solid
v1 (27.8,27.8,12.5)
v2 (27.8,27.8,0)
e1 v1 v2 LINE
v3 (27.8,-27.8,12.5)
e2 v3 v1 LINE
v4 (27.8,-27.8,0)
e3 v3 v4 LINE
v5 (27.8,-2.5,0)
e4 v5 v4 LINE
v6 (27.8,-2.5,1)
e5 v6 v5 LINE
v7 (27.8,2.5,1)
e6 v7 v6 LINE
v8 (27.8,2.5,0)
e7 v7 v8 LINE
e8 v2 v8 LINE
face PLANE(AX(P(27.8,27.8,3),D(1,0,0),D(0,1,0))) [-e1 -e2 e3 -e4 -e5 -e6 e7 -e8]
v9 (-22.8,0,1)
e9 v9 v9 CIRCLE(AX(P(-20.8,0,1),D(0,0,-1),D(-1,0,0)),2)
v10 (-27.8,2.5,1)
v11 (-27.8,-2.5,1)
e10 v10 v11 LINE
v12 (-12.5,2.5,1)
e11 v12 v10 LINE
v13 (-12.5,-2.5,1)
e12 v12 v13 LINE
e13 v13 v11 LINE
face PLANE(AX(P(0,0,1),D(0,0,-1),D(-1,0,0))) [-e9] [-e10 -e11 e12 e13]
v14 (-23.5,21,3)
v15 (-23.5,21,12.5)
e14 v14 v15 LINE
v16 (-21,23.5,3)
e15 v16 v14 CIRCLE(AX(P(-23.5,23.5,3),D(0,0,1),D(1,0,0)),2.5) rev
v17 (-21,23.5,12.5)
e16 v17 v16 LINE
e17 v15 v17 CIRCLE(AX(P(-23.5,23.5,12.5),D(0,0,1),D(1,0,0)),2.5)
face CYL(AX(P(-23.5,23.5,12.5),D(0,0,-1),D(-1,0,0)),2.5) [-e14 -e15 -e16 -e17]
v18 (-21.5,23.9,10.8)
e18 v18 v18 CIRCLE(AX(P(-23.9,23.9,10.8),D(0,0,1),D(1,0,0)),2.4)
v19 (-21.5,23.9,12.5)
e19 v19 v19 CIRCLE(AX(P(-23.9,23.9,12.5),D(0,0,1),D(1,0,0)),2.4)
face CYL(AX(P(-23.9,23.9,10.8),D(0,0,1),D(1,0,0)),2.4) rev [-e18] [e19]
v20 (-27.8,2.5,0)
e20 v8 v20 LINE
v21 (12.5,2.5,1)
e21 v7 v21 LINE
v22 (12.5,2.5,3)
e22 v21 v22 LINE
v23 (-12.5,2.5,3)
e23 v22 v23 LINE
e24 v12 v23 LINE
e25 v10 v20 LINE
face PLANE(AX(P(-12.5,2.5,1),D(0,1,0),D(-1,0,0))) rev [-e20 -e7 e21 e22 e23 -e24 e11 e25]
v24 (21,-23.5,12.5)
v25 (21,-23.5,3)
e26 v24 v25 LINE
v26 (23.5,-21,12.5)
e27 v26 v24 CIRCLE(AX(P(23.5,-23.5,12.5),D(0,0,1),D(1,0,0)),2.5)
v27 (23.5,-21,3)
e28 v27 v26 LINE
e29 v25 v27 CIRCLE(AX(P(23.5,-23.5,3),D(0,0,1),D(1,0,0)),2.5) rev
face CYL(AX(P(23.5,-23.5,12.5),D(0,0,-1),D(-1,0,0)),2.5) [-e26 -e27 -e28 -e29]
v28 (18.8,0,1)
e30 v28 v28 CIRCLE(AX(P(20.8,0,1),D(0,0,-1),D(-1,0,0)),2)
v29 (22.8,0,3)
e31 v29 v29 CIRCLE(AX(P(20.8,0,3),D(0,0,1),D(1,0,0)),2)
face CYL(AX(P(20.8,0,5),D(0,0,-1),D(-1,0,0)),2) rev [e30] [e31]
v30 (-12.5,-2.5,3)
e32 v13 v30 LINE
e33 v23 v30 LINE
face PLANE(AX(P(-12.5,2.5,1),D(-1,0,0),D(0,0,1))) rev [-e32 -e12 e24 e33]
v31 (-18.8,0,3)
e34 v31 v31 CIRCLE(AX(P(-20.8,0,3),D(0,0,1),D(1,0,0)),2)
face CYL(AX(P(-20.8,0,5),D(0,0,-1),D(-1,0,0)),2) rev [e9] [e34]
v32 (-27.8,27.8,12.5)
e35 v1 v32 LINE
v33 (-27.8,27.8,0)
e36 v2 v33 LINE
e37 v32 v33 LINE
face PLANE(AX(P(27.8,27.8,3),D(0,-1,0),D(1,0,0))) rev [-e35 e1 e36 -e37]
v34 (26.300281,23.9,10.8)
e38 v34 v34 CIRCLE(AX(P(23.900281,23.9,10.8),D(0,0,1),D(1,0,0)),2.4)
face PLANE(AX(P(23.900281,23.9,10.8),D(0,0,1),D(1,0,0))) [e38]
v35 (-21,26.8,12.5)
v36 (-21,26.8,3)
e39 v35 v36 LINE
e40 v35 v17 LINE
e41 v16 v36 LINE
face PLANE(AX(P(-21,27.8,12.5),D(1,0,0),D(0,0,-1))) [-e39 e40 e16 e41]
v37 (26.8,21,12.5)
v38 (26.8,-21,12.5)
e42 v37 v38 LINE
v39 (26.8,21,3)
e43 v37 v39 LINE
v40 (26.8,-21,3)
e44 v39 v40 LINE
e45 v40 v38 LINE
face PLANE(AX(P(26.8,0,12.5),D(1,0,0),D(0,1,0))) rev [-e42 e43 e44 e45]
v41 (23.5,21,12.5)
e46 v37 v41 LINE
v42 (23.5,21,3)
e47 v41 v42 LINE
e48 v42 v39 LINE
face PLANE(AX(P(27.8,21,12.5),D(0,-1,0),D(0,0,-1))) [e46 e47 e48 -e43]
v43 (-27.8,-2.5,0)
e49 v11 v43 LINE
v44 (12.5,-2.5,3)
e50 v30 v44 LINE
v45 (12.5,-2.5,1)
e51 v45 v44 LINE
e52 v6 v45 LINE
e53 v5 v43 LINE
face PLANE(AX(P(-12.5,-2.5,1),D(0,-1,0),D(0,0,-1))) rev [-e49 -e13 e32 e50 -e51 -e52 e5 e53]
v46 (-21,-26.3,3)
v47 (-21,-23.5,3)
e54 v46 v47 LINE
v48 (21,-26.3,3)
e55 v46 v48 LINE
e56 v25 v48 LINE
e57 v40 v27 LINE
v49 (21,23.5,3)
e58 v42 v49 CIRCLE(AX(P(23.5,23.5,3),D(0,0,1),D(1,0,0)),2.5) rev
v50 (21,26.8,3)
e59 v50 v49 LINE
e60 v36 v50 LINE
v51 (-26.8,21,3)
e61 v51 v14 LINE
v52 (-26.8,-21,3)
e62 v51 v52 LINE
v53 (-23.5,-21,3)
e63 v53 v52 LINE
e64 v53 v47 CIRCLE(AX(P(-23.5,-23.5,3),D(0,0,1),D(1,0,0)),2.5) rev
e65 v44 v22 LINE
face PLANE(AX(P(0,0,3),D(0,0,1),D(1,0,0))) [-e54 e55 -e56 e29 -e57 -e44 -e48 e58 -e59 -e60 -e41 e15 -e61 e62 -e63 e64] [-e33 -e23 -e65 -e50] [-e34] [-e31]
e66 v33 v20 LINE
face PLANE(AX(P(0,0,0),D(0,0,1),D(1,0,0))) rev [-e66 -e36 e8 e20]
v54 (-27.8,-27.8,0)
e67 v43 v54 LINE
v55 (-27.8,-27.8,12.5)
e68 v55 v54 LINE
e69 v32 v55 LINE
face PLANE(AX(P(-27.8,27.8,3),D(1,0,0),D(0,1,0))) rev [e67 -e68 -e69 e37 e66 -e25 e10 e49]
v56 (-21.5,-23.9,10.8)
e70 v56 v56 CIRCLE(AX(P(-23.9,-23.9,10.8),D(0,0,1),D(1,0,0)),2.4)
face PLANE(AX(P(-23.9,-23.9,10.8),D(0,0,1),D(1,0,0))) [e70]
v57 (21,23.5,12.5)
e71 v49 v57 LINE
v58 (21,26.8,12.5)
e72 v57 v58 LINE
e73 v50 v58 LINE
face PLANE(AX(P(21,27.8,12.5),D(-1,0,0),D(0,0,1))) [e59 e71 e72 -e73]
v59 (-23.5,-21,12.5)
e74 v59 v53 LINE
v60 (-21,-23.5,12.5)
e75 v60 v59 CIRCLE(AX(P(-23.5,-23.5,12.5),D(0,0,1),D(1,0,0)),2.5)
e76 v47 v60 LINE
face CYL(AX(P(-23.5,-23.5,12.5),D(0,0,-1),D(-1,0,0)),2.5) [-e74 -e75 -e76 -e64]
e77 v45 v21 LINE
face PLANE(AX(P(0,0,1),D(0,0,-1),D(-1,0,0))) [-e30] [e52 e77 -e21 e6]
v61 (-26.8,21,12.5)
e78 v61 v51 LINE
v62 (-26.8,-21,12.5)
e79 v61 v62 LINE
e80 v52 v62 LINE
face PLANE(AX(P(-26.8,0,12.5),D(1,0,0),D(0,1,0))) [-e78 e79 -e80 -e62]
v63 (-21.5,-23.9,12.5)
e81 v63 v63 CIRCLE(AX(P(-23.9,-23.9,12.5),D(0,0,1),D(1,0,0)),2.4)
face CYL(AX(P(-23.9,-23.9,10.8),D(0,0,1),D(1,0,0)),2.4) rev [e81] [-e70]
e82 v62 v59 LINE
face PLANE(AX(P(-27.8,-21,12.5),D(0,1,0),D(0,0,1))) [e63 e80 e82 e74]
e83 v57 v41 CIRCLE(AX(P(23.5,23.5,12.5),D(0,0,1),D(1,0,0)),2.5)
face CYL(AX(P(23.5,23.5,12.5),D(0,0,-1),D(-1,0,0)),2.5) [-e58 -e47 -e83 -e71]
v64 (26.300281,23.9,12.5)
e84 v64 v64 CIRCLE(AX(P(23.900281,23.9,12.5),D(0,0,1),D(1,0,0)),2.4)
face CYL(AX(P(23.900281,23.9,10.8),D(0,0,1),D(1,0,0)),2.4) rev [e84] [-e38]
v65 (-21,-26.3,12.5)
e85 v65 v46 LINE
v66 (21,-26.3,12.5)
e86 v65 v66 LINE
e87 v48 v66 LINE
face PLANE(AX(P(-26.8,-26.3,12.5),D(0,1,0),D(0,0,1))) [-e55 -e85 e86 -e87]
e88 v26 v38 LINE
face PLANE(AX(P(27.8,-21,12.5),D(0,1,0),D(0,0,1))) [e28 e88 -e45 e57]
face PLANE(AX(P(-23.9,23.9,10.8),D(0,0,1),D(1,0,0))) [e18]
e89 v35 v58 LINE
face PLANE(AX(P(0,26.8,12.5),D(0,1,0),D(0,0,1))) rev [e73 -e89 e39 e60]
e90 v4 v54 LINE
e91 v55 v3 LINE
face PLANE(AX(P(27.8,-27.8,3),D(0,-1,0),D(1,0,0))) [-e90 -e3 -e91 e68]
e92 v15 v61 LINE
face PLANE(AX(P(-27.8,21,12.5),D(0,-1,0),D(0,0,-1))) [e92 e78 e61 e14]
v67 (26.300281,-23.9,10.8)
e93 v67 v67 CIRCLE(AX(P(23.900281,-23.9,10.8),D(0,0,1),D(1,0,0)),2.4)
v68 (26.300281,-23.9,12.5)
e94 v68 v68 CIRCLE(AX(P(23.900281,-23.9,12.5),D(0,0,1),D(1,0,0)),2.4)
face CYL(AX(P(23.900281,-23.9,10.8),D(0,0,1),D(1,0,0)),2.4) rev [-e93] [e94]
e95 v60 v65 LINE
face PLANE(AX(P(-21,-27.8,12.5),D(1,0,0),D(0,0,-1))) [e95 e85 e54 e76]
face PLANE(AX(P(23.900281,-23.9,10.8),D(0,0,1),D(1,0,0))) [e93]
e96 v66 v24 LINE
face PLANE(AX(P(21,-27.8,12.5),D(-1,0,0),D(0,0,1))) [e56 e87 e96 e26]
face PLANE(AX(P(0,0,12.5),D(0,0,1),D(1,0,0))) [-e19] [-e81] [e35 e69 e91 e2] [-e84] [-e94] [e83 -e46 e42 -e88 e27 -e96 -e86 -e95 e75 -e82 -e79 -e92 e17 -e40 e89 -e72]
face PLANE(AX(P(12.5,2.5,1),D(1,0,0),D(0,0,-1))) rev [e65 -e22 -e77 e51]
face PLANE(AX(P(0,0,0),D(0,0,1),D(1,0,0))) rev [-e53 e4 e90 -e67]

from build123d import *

# Parameters (mm, degrees)
SKICA1_W                 = 55.6
SKICA1_H                 = 55.6
P_IDAT_VYSUNUT_M2_DEPTH  = 3
SKICA4_W                 = 25
SKICA4_H                 = 5
ODEBRAT_VYSUNUT_M1_DEPTH = 2
SKICA5_W                 = 55.6
SKICA5_H                 = 5
ODEBRAT_VYSUNUT_M3_DEPTH = 1
SKICA14_W                = 53.6
SKICA14_H                = 1.5
P_IDAT_VYSUNUT_M9_DEPTH  = 9.5
SKICA17_R                = 2
ODEBRAT_VYSUNUT_M8_DEPTH = 4
SKICA19_W                = 6.8
SKICA19_H                = 6.8
P_IDAT_VYSUNUT_M10_DEPTH = 12.5
SKICA20_R                = 2.4
ODEBRAT_VYSUNUT_M9_DEPTH = 1.7
ZAOBLIT1_R               = 2.5


with BuildPart() as part:
    # Skica1 → Přidat vysunutím2 (new body)
    with BuildSketch(Plane.XY):
        Rectangle(SKICA1_W, SKICA1_H)
    extrude(amount=P_IDAT_VYSUNUT_M2_DEPTH)

    # Skica4 → Odebrat vysunutím1 (cut)
    with BuildSketch(Plane.XY.offset(3)):
        Rectangle(SKICA4_W, SKICA4_H)
    extrude(amount=-ODEBRAT_VYSUNUT_M1_DEPTH, mode=Mode.SUBTRACT)

    # Skica5 → Odebrat vysunutím3 (cut)
    with BuildSketch(Plane(origin=(0, 0, 0), x_dir=(-1, 0, 0), z_dir=(0, 0, -1))):
        Rectangle(SKICA5_W, SKICA5_H)
    extrude(amount=-ODEBRAT_VYSUNUT_M3_DEPTH, mode=Mode.SUBTRACT)

    # Skica14 → Přidat vysunutím9 (add)
    with BuildSketch(Plane.XY.offset(3)):
        Polygon((27.8, 27.8), (-27.8, 27.8), (-27.8, -27.8), (-26.8, -27.8), (-26.8, -26.8), (-26.8, -26.3), (-26.8, 26.8), (26.8, 26.8), (26.8, -26.3), (26.8, -27.8), (27.8, -27.8), align=None)
        with Locations((0, -27.05)):
            Rectangle(SKICA14_W, SKICA14_H)
    extrude(amount=P_IDAT_VYSUNUT_M9_DEPTH)

    # Skica17 → Odebrat vysunutím8 (cut)
    with BuildSketch(Plane(origin=(0, 0, 1), x_dir=(-1, 0, 0), z_dir=(0, 0, -1))):
        with Locations((-20.8, 0)):
            Circle(SKICA17_R)
        with Locations((20.8, 0)):
            Circle(SKICA17_R)
    extrude(amount=-ODEBRAT_VYSUNUT_M8_DEPTH, mode=Mode.SUBTRACT)

    # Skica19 → Přidat vysunutím10 (add)
    with BuildSketch(Plane(origin=(0, 0, 0), x_dir=(-1, 0, 0), z_dir=(0, 0, -1))):
        with Locations((-24.4, 24.4)):
            Rectangle(SKICA19_W, SKICA19_H)
        with Locations((24.4, 24.4)):
            Rectangle(SKICA19_W, SKICA19_H)
        with Locations((-24.4, -24.4)):
            Rectangle(SKICA19_W, SKICA19_H)
        with Locations((24.4, -24.4)):
            Rectangle(SKICA19_W, SKICA19_H)
    extrude(amount=-P_IDAT_VYSUNUT_M10_DEPTH)

    # Skica20 → Odebrat vysunutím9 (cut)
    with BuildSketch(Plane.XY.offset(12.5)):
        with Locations((-23.9, -23.9)):
            Circle(SKICA20_R)
        with Locations((-23.9, 23.9)):
            Circle(SKICA20_R)
        with Locations((23.900280565, 23.9)):
            Circle(SKICA20_R)
        with Locations((23.900280565, -23.9)):
            Circle(SKICA20_R)
    extrude(amount=-ODEBRAT_VYSUNUT_M9_DEPTH, mode=Mode.SUBTRACT)

    # Zaoblit1
    zaoblit1_edges = [part.edges().sort_by_distance(p)[0] for p in [
        (-21, 21, 7.75),
        (21, -21, 7.75),
        (-21, -21, 7.75),
        (21, 21, 7.75),
    ]]
    fillet(zaoblit1_edges, radius=ZAOBLIT1_R)


solid = part.part
